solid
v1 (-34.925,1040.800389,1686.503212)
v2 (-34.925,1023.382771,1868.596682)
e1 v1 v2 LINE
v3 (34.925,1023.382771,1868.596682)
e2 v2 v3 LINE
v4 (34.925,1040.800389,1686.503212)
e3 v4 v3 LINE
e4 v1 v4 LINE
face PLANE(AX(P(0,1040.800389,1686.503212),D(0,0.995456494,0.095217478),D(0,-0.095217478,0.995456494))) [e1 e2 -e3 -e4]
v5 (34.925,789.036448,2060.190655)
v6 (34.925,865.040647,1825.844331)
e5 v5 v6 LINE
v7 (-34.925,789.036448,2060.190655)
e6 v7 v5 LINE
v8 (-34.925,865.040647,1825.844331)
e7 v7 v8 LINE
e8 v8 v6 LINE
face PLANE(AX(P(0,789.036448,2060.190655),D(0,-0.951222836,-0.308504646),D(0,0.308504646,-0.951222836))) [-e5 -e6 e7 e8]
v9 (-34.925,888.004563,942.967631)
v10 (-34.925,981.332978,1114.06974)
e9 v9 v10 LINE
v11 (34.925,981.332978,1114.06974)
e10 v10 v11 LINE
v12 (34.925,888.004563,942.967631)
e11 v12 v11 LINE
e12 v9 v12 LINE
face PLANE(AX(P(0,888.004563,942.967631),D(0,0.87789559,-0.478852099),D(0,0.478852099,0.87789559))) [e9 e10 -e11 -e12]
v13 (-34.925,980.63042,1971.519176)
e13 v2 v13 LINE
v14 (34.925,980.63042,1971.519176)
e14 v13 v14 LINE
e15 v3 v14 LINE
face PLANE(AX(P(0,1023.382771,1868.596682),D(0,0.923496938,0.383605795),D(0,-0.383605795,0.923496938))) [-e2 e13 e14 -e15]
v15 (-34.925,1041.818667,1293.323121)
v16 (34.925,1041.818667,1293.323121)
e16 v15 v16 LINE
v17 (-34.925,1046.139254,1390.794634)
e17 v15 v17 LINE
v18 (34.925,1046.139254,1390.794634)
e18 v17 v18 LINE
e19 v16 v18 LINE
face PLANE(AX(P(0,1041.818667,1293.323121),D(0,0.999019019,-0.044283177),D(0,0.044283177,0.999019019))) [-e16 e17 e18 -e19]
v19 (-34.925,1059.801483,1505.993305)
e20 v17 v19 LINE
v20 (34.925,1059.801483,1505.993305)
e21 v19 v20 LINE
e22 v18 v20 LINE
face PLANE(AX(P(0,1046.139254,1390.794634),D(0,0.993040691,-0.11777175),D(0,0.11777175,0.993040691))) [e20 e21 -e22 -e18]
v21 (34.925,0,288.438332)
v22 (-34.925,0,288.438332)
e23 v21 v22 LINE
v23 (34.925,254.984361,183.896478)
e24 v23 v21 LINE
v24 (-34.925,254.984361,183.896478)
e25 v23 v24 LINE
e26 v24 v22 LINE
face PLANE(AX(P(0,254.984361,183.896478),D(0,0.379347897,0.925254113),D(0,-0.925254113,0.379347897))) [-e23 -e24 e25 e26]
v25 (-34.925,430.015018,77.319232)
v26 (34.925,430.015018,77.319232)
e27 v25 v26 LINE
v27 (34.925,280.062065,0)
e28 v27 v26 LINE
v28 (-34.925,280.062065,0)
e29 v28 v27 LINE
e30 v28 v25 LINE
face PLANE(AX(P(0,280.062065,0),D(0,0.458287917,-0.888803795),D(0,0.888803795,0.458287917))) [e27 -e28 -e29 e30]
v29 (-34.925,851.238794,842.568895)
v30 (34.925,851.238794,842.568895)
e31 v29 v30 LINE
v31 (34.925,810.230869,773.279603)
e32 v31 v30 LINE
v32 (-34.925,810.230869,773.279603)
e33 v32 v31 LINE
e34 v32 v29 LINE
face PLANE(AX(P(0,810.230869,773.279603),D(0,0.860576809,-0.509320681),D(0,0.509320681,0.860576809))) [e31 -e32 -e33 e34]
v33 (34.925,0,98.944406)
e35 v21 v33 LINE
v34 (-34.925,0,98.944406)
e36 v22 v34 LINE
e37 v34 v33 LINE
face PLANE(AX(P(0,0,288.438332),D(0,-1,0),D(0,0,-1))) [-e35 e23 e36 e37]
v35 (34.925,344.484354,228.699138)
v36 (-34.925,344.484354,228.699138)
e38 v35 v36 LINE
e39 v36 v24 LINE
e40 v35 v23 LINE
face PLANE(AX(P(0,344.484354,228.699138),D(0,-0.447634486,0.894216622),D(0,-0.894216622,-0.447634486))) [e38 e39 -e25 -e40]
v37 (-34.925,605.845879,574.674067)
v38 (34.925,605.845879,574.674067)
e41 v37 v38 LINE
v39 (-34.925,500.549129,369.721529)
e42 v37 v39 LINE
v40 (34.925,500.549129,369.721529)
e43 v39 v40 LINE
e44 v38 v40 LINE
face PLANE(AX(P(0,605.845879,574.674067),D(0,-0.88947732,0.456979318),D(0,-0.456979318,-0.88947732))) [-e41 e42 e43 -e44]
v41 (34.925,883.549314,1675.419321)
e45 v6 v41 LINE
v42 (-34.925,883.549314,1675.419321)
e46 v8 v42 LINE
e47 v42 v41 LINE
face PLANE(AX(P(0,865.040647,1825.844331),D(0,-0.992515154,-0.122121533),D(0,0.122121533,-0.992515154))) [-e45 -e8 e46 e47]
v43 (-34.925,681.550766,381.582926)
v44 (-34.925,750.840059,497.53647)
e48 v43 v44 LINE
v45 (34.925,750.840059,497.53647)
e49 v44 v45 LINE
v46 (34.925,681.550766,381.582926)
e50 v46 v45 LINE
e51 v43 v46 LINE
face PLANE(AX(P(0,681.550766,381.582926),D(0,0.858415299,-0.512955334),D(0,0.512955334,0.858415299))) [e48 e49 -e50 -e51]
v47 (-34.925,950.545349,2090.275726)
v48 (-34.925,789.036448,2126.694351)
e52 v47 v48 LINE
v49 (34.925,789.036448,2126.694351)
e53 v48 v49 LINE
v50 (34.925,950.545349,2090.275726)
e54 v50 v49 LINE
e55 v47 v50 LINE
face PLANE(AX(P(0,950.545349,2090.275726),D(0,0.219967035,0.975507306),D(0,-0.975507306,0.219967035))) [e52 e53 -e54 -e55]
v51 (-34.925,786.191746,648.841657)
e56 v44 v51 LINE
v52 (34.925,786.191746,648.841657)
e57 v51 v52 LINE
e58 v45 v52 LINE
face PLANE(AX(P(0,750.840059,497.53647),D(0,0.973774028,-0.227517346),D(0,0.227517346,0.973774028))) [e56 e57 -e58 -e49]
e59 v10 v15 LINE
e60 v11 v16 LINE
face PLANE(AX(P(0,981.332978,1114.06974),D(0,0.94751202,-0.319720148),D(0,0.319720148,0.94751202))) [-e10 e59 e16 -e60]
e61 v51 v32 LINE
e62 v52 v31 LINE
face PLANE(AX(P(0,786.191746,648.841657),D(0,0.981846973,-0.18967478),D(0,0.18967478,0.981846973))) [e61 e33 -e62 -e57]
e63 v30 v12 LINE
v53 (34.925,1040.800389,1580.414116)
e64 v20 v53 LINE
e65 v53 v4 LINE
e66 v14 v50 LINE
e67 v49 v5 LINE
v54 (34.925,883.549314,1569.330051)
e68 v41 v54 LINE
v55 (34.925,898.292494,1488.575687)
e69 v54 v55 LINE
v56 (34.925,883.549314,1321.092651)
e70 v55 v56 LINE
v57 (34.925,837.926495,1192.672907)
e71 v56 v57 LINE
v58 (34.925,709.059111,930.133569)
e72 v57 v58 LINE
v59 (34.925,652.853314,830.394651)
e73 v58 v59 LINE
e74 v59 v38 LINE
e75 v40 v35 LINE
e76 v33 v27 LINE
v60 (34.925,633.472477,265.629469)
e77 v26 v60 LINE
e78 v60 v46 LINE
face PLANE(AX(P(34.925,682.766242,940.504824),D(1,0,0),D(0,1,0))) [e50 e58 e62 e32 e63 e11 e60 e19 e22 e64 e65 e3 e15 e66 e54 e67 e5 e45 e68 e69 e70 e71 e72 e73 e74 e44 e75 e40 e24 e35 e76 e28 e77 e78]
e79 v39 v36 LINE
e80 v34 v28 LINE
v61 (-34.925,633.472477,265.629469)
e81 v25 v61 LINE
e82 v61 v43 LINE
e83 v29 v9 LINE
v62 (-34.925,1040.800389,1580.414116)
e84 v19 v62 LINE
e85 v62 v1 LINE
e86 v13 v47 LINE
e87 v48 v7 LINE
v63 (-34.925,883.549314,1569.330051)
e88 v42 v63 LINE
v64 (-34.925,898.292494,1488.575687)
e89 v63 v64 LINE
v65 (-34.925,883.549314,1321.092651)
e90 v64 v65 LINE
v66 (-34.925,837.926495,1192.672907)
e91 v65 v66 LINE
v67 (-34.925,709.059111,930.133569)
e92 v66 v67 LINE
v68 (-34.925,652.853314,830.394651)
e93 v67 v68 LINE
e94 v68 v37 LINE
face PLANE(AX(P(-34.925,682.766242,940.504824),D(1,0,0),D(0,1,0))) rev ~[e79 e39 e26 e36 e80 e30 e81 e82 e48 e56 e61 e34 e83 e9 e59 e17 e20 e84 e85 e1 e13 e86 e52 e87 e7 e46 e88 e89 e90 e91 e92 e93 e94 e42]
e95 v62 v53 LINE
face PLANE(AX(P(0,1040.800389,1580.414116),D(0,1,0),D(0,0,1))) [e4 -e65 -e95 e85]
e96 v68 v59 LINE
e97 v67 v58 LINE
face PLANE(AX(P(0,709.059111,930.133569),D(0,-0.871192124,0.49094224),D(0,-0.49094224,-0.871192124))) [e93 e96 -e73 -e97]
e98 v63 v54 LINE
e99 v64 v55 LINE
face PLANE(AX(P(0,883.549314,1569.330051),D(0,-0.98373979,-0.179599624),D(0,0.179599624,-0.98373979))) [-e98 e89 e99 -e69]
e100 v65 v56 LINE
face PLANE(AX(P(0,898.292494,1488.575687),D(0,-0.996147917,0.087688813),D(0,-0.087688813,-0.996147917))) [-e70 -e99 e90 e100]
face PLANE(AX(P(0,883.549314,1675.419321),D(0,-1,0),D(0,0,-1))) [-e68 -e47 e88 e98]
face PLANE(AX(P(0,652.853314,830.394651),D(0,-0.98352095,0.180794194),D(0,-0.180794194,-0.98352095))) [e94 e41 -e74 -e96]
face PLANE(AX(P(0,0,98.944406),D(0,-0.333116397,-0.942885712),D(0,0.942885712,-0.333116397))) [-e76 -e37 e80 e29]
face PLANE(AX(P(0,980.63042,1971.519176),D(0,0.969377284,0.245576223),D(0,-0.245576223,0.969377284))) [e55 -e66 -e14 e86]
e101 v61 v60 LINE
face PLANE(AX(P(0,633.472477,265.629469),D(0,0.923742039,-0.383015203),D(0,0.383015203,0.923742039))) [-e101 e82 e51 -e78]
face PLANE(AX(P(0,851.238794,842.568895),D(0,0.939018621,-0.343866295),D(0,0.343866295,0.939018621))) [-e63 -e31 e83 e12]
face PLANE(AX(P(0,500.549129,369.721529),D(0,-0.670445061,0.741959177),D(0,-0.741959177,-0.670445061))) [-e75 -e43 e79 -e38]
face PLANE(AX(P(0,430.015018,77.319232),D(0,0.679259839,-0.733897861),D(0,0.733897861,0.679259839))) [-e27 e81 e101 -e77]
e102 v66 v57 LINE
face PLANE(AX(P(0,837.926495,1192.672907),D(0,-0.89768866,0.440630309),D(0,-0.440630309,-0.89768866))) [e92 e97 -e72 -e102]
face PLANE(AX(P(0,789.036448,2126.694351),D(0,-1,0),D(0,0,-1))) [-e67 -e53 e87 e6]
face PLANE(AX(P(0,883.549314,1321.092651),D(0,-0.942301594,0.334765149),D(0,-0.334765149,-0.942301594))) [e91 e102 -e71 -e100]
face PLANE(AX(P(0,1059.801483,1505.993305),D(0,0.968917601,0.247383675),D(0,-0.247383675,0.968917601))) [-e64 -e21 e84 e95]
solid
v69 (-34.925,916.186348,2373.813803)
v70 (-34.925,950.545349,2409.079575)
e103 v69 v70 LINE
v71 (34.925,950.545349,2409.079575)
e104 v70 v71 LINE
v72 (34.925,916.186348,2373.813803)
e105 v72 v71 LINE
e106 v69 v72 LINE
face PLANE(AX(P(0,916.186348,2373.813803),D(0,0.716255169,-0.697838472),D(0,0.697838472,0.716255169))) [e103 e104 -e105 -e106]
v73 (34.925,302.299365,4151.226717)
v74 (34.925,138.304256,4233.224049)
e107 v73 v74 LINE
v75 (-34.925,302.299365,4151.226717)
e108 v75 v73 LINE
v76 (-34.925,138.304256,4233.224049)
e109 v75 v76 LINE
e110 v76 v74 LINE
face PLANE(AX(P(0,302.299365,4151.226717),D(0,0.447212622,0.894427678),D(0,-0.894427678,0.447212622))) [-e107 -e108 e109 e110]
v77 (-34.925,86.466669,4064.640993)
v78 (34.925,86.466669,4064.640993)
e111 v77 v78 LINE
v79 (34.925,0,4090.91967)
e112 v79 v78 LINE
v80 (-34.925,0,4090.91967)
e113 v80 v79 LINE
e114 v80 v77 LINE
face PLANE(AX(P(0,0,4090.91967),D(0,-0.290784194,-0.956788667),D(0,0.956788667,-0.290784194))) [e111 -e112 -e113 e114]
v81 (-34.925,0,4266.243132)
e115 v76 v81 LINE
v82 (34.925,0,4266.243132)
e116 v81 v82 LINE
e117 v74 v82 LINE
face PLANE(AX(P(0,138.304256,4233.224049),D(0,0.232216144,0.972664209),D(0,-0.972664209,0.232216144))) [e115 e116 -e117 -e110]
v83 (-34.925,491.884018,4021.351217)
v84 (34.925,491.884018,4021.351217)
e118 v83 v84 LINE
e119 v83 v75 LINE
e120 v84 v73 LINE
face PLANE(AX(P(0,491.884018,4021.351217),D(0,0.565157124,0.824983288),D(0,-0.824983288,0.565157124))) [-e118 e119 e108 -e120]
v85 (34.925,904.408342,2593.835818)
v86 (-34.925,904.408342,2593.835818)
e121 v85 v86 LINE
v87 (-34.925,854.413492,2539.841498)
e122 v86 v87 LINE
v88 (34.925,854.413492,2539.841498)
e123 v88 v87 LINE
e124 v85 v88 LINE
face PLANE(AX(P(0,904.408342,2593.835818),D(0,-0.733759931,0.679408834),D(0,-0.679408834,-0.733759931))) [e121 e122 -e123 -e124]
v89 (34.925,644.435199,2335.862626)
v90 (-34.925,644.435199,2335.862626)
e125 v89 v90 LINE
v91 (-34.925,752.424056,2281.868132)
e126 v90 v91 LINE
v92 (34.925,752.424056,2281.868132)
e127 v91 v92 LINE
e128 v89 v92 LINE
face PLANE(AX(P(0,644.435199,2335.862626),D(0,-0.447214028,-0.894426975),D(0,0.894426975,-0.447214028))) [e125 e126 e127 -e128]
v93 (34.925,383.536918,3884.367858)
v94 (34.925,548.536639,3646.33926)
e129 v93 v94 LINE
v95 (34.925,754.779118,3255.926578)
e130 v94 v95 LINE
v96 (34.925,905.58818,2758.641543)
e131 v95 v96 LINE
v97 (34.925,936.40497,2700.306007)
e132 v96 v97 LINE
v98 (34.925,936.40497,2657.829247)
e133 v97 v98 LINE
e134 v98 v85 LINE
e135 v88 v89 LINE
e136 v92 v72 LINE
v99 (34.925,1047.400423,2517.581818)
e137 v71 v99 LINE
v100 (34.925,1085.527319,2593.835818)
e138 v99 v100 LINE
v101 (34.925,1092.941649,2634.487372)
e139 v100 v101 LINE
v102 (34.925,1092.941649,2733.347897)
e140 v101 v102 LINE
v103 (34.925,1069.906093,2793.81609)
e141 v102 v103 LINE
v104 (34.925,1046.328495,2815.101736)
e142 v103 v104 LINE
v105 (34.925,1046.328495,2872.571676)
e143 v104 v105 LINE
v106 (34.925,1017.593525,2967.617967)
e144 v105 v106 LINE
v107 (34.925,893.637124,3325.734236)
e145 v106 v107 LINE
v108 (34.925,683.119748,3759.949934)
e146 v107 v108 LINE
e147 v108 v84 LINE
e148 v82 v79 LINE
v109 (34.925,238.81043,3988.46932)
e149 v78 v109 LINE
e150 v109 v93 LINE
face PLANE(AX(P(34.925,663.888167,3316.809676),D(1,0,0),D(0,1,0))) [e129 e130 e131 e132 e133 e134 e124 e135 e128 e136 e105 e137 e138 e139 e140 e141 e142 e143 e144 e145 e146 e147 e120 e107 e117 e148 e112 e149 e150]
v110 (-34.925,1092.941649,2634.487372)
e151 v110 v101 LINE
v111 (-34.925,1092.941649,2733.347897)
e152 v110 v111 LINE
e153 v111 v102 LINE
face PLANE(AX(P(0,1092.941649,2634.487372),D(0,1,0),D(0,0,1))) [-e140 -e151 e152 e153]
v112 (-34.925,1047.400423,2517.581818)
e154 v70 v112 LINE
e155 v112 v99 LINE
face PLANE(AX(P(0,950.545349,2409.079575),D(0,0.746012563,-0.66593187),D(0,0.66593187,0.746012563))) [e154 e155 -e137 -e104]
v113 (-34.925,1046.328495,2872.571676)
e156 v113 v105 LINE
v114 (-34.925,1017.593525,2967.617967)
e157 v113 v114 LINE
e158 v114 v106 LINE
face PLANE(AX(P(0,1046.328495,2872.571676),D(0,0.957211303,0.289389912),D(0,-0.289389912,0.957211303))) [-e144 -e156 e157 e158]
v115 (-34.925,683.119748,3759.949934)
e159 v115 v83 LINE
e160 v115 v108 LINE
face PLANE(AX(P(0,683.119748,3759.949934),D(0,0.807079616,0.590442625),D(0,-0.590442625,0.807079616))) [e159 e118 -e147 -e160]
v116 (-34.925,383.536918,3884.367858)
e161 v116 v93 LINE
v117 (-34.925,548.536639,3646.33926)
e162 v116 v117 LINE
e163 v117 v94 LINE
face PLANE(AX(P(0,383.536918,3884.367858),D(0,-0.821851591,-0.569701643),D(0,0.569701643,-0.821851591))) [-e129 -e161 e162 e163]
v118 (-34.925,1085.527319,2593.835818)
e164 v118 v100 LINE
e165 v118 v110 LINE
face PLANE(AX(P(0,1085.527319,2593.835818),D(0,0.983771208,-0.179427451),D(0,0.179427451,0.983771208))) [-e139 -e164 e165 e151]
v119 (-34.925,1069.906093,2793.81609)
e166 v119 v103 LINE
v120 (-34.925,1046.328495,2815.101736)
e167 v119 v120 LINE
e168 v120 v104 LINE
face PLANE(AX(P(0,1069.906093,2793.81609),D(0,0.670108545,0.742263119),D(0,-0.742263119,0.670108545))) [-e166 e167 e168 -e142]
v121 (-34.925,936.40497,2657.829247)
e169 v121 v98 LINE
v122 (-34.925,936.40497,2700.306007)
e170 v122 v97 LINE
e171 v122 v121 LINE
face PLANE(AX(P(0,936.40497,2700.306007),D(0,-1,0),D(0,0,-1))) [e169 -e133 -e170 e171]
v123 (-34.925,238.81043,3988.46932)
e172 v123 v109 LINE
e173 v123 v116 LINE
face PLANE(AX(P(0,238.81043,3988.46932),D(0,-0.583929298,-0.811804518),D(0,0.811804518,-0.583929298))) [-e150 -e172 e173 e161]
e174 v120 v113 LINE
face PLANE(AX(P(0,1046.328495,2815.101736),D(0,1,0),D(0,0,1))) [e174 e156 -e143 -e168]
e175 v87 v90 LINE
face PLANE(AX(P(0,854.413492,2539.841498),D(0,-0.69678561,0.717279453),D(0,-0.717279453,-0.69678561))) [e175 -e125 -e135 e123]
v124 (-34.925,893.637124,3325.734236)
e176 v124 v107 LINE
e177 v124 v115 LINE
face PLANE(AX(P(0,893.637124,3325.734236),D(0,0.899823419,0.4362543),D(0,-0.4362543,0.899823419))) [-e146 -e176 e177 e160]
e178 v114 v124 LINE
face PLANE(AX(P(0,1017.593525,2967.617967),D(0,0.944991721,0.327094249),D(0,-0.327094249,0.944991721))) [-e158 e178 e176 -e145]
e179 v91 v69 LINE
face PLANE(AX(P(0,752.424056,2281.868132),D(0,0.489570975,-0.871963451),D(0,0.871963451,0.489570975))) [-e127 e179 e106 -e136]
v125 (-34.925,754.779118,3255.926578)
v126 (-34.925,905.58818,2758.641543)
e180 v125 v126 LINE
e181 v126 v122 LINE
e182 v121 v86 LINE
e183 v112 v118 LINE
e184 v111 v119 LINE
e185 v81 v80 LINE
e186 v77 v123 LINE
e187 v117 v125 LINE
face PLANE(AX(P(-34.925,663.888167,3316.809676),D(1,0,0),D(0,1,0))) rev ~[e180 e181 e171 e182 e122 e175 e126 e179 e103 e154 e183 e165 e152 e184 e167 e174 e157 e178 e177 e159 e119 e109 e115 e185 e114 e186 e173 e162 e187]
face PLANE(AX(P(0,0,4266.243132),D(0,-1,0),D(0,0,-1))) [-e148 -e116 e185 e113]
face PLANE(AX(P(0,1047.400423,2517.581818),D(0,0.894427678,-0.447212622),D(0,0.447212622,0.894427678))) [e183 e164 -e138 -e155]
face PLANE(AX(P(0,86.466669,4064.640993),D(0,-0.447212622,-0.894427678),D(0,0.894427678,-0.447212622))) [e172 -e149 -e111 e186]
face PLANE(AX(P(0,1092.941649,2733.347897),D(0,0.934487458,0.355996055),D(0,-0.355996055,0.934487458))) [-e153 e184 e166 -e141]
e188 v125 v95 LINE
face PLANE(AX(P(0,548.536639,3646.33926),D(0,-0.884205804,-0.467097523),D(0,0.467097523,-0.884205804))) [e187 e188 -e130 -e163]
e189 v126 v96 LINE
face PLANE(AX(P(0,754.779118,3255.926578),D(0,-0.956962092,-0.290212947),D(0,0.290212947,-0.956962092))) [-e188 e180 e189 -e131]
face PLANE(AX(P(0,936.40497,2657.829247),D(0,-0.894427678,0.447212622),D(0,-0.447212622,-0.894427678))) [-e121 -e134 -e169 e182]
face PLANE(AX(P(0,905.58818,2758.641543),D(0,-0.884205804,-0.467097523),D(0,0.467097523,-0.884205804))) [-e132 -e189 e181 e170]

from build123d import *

# Parameters (mm, degrees)
F1_DEPTH = 34.925


with BuildPart() as f1:
    # F0 (on Right) → F1 (new body, symmetric)
    with BuildSketch(Plane.YZ):
        Polygon((0, 288.4383324932), (0, 98.9444055849), (280.0620654468, 0), (430.0150184347, 77.319231603), (633.4724769681, 265.6294692215), (681.5507660952, 381.5829260522), (750.8400587308, 497.53646993), (786.1917457528, 648.8416573063), (810.2308685546, 773.2796025876), (851.2387941632, 842.5688952232), (888.0045625936, 942.9676306555), (981.332978031, 1114.0697401319), (1041.818667261, 1293.323121461), (1046.1392539466, 1390.7946343878), (1059.8014826457, 1505.9933051371), (1040.8003893715, 1580.4141159696), (1040.8003893715, 1686.5032124823), (1023.3827713143, 1868.5966820917), (980.6304202564, 1971.519176359), (950.5453486517, 2090.2757264193), (789.0364475335, 2126.6943507034), (789.0364475335, 2060.1906548145), (865.0406465359, 1825.8443310337), (883.5493139235, 1675.4193211989), (883.5493139235, 1569.3300505919), (898.2924944803, 1488.57568708), (883.5493139235, 1321.0926510808), (837.9264951201, 1192.6729067311), (709.059110657, 930.1335688091), (652.8533135568, 830.3946509868), (605.8458788148, 574.674066715), (500.5491292409, 369.7215293739), (344.484354498, 228.6991381008), (254.9843610012, 183.8964778096), align=None)
    extrude(amount=F1_DEPTH, both=True)


with BuildPart() as f1b:
    # F0 (on Right) → F1, piece 2 (new body, symmetric)
    with BuildSketch(Plane.YZ):
        Polygon((644.4351985795, 2335.862626404), (752.4240562309, 2281.8681322929), (916.1863476489, 2373.813803306), (950.5453486517, 2409.0795747632), (1047.4004228118, 2517.58181849), (1085.5273186177, 2593.835817551), (1092.9416490606, 2634.4873720124), (1092.9416490606, 2733.3478967603), (1069.9060931753, 2793.8160895076), (1046.3284945118, 2815.1017359713), (1046.3284945118, 2872.5716757157), (1017.5935246397, 2967.6179672131), (893.6371243477, 3325.7342362303), (683.1197479571, 3759.9499338628), (491.8840178957, 4021.3512169782), (302.2993654735, 4151.2267168854), (219.2011226336, 4192.7757252708), (138.3042560894, 4233.2240485028), (0, 4266.2431322929), (0, 4090.919669914), (86.4666689905, 4064.6409925703), (238.8104295013, 3988.4693195408), (383.5369175828, 3884.3678582931), (548.5366388106, 3646.3392604298), (754.7791176348, 3255.9265776491), (905.5881796194, 2758.641543493), (936.4049698033, 2700.3060066095), (936.4049698033, 2657.8292469175), (904.4083421673, 2593.835817551), (854.4134917961, 2539.8414975343), align=None)
    extrude(amount=F1_DEPTH, both=True)


solid = Compound([f1.part, f1b.part])
